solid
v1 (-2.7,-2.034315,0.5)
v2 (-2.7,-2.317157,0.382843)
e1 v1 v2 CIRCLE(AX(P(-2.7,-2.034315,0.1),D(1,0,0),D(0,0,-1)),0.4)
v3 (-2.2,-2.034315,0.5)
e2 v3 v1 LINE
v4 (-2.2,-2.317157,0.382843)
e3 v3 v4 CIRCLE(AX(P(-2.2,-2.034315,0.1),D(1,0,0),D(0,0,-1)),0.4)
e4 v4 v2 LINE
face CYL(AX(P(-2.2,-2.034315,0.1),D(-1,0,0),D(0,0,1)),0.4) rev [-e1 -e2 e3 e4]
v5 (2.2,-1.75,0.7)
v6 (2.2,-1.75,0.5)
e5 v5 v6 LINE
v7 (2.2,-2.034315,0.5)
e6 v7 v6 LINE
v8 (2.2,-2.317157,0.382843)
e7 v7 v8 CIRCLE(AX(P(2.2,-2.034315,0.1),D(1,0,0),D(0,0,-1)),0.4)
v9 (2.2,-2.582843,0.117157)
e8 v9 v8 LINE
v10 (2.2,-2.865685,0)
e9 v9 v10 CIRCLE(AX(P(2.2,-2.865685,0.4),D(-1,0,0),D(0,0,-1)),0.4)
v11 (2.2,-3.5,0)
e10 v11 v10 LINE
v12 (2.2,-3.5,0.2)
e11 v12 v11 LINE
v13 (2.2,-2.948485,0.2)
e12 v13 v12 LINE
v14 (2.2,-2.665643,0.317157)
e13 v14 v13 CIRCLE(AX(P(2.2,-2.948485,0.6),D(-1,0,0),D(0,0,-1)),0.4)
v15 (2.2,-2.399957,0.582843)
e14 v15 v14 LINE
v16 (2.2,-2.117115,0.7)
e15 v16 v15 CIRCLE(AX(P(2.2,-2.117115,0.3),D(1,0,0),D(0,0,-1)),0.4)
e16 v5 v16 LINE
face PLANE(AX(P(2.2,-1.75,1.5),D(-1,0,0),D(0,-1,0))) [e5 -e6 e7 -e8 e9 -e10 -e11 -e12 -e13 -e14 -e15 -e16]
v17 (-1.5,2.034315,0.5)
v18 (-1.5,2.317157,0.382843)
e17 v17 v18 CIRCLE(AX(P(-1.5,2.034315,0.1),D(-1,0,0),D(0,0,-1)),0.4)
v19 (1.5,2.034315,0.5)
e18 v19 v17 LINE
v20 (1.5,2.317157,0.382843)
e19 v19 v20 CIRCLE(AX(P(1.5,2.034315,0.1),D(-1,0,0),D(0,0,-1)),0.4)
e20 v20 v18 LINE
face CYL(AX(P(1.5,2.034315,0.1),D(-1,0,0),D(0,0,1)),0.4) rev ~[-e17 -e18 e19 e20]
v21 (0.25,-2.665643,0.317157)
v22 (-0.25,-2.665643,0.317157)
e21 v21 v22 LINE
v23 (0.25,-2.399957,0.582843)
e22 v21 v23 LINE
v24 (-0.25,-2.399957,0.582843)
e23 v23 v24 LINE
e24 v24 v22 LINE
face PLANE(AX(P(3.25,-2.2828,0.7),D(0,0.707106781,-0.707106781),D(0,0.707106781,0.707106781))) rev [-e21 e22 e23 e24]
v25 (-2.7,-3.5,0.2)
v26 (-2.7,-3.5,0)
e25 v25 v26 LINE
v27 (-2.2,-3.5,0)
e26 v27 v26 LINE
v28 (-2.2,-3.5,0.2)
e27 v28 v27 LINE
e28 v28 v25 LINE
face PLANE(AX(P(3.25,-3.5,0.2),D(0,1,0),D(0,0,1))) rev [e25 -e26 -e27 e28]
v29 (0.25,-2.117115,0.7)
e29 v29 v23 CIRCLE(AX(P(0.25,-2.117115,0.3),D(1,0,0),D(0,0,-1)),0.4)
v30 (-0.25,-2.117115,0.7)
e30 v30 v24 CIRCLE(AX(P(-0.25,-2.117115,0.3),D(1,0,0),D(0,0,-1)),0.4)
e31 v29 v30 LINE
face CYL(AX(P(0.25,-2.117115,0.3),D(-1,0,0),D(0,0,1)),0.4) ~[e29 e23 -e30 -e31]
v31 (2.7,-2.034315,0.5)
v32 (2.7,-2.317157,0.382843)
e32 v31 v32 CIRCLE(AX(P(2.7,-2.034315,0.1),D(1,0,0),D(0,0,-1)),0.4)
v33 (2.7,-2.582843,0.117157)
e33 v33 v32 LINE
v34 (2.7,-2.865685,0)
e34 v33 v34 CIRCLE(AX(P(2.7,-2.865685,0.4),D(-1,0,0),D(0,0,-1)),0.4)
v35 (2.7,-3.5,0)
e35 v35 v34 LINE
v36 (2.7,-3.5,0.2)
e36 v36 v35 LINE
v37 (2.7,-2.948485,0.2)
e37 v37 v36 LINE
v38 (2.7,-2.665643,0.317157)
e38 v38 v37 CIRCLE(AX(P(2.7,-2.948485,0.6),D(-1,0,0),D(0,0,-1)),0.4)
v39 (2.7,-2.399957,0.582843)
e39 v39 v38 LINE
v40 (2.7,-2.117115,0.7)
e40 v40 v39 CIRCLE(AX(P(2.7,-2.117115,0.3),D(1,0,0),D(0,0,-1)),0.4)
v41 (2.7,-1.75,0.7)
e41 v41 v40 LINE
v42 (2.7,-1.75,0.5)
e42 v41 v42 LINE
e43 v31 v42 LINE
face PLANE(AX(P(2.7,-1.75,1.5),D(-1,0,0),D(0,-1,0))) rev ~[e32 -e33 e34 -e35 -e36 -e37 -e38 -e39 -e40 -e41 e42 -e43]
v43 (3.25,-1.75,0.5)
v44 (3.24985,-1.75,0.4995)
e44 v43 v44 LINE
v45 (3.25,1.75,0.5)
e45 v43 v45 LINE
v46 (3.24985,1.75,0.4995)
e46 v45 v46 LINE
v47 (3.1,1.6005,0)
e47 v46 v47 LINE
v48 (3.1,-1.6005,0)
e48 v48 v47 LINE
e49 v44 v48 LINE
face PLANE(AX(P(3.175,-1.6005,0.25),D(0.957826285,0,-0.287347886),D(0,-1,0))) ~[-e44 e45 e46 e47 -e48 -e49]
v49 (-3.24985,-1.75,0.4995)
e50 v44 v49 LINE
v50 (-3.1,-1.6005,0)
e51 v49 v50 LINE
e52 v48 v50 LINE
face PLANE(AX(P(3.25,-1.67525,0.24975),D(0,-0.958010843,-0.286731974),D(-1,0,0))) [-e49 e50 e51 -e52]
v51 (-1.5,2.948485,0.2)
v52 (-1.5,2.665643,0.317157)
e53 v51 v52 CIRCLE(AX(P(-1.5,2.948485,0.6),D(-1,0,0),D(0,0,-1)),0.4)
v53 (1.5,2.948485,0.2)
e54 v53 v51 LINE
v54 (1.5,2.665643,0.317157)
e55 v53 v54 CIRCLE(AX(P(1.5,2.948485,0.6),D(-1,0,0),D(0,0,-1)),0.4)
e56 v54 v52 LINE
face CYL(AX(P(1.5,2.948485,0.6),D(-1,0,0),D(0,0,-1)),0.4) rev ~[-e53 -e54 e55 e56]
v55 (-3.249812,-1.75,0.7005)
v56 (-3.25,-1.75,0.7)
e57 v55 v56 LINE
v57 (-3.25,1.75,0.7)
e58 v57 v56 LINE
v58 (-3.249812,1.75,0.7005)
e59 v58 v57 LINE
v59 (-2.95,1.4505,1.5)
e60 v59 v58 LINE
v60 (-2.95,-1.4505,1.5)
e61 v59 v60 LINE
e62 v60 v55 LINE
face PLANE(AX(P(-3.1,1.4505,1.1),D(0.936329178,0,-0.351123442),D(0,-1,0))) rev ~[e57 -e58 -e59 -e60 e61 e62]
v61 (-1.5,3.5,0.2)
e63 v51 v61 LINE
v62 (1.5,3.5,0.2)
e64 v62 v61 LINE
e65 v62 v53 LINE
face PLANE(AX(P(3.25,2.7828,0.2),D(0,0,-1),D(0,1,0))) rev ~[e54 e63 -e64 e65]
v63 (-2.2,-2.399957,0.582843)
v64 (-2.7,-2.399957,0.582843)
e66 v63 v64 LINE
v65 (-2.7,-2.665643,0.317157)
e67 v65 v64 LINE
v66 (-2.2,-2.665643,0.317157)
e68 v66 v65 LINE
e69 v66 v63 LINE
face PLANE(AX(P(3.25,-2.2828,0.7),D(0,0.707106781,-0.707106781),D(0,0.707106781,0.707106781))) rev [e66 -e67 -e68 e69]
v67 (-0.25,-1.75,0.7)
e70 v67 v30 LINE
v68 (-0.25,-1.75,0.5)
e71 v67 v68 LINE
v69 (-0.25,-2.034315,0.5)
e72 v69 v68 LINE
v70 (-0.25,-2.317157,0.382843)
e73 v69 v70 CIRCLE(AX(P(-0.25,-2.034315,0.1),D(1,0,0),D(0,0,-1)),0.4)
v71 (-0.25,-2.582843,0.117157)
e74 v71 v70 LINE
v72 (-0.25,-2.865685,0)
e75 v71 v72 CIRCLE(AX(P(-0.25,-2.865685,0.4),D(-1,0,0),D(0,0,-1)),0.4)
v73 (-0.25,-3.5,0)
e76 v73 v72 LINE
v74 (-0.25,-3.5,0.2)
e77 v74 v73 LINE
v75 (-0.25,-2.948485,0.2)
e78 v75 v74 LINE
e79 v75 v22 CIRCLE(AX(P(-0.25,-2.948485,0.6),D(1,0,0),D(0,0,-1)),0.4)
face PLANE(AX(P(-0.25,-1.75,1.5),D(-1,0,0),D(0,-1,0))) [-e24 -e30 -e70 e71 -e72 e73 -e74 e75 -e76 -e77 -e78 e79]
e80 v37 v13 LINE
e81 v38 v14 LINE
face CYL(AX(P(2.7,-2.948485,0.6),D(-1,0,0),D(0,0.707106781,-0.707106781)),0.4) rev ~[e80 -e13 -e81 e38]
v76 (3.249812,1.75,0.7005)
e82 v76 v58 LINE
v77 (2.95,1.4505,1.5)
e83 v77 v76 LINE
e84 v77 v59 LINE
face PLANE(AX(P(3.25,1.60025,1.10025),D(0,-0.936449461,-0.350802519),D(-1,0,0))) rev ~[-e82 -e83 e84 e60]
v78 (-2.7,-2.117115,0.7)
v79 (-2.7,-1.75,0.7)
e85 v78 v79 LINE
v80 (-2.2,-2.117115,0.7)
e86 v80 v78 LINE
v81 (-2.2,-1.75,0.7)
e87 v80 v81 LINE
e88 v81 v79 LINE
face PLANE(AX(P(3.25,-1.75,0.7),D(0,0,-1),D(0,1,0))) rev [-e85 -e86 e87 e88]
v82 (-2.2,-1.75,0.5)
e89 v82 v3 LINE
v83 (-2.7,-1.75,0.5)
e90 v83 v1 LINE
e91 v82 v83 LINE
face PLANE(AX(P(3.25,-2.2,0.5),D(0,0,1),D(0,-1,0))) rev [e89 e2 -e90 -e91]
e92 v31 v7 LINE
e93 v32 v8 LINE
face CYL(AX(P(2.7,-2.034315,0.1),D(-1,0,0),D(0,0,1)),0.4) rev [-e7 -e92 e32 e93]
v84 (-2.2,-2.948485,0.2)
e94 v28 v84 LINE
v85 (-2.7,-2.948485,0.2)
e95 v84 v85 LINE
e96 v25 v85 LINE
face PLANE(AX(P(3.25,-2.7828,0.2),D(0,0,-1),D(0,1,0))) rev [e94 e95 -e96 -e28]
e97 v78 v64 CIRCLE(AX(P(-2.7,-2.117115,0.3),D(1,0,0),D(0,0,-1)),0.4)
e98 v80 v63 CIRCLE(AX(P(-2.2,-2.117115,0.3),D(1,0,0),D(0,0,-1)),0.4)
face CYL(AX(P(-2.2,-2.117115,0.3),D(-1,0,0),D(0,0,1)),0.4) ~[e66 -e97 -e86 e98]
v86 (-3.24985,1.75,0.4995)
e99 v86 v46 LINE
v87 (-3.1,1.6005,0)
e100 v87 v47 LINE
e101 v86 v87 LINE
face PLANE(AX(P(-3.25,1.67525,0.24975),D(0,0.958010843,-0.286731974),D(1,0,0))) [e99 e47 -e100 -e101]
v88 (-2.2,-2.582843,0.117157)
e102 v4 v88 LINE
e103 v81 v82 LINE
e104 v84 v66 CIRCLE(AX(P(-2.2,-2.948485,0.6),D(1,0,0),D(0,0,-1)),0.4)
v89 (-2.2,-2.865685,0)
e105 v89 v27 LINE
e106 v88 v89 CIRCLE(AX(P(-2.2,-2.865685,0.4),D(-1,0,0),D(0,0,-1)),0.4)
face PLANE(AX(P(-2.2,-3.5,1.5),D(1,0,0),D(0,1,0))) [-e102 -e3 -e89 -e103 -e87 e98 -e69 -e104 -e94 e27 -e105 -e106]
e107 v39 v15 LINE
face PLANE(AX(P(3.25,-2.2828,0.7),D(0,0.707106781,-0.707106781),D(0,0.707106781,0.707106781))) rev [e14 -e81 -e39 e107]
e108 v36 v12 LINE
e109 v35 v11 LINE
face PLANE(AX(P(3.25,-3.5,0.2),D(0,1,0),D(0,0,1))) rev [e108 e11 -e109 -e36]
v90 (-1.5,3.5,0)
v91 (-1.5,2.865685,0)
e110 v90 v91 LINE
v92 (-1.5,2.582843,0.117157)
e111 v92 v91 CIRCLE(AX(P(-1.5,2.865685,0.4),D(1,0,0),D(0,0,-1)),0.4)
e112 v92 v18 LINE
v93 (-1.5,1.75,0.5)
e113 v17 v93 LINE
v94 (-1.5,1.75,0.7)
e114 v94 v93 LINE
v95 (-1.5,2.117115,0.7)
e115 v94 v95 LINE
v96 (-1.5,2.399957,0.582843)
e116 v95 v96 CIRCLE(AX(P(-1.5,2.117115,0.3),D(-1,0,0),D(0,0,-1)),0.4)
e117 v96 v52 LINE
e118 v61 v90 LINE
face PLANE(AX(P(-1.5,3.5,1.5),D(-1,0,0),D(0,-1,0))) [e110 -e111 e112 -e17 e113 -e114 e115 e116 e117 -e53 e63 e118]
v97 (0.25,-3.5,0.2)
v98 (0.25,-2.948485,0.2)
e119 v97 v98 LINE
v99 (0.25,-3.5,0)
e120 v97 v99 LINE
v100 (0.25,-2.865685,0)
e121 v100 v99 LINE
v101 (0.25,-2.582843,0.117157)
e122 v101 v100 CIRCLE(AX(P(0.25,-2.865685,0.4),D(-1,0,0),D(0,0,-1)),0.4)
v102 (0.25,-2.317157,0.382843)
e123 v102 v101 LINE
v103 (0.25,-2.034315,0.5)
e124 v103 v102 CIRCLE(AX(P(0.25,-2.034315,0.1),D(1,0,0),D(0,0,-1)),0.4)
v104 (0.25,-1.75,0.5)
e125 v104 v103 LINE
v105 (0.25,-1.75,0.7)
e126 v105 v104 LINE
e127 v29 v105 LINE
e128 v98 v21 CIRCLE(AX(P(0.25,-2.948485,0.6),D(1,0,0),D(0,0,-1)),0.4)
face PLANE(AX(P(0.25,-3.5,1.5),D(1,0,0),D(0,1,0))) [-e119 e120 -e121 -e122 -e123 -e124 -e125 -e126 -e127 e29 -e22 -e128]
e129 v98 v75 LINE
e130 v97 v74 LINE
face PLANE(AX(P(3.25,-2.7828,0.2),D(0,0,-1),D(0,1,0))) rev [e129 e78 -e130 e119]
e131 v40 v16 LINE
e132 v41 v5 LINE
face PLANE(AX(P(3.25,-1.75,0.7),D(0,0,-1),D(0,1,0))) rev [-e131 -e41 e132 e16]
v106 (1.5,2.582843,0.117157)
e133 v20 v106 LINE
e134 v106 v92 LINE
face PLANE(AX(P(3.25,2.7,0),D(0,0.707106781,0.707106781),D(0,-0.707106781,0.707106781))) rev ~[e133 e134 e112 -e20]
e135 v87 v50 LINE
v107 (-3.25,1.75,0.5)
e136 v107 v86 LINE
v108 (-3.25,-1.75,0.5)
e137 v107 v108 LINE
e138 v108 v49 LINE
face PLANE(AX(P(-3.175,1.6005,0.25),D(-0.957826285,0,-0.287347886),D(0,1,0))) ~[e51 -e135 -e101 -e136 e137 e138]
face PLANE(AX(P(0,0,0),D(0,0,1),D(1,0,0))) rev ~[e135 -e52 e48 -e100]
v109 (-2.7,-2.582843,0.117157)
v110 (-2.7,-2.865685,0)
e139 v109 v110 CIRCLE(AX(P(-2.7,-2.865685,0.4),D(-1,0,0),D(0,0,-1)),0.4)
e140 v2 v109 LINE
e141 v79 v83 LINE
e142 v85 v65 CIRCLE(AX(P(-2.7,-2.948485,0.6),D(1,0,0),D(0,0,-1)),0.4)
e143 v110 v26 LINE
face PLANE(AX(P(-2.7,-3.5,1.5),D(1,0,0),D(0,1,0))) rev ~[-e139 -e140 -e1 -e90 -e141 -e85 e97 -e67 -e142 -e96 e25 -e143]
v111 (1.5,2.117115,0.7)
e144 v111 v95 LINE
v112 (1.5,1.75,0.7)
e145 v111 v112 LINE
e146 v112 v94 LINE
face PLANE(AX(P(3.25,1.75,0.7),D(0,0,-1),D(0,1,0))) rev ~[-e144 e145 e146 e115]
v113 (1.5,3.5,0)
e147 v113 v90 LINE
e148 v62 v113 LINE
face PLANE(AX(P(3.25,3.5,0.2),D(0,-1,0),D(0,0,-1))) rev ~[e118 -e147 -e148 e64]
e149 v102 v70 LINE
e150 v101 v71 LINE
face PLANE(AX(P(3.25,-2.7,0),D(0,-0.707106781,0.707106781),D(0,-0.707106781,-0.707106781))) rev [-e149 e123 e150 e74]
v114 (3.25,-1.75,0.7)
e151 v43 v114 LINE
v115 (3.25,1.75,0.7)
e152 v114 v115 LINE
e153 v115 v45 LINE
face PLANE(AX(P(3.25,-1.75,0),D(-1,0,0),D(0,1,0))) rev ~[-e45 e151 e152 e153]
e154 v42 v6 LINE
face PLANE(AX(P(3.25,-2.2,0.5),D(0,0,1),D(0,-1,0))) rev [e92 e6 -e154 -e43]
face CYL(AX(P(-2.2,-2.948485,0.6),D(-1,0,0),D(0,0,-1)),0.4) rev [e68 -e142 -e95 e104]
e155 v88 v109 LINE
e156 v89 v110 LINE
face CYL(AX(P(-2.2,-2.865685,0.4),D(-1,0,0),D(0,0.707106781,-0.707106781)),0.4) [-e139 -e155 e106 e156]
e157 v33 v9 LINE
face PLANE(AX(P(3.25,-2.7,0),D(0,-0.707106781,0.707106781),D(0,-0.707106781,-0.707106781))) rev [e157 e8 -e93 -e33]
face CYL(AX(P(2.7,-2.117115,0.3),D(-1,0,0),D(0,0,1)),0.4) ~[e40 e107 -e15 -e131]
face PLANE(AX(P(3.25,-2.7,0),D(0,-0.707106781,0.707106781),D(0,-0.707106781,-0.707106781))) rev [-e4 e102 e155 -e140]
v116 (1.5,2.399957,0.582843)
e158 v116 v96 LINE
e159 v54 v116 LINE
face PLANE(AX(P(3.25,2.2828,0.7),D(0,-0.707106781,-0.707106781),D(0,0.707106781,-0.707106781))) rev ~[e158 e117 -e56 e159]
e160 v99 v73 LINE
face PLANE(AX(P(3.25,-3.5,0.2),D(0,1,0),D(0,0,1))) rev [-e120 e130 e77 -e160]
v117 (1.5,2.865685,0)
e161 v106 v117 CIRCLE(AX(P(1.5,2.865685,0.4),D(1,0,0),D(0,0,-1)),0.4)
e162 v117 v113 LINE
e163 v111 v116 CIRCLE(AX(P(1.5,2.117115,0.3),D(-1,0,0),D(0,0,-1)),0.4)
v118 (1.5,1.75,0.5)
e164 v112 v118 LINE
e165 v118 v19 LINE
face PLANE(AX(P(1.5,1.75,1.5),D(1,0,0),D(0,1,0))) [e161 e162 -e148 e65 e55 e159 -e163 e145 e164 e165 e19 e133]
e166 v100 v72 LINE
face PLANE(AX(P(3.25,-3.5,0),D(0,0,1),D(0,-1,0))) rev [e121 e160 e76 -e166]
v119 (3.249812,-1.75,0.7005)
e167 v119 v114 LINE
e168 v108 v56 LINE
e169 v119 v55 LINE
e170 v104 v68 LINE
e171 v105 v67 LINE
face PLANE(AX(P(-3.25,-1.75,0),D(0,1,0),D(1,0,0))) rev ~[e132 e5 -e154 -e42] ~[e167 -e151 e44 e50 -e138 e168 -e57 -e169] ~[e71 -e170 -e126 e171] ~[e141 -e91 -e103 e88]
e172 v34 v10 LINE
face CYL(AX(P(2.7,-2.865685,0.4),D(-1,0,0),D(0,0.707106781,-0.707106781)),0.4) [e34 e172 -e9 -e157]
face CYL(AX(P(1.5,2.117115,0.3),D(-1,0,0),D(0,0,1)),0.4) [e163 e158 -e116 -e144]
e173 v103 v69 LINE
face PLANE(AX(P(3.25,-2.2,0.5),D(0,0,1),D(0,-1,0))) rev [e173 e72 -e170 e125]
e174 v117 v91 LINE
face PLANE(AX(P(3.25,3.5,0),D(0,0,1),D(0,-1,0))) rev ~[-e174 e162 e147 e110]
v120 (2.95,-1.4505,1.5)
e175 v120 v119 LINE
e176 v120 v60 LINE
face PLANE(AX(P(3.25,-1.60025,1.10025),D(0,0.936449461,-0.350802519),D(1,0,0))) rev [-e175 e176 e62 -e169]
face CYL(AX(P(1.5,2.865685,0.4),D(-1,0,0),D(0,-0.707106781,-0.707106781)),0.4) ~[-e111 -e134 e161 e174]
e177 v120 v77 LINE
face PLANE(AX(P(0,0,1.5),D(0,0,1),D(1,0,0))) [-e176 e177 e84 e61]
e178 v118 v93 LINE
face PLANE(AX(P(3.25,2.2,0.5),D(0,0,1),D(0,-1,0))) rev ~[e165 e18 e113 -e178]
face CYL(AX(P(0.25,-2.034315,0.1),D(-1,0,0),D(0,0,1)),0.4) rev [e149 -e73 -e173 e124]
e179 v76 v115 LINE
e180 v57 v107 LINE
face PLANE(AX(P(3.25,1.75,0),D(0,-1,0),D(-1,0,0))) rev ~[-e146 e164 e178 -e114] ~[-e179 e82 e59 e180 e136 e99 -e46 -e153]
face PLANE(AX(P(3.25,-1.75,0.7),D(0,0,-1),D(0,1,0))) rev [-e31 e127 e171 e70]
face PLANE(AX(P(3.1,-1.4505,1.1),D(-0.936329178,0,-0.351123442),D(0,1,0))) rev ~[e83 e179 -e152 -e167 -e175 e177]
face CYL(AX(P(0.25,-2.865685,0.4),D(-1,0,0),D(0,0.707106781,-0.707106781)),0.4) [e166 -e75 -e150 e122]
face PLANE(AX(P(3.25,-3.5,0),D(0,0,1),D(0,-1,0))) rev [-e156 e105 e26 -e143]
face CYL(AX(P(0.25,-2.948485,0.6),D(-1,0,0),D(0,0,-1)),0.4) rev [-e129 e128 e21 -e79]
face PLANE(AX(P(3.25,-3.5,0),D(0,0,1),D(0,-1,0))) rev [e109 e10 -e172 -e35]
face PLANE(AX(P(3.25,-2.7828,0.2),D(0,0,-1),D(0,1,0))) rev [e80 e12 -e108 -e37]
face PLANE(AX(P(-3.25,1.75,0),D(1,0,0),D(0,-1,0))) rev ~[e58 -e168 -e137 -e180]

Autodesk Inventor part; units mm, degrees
ref_plane "YZ Plane" through (0, 0, 0) normal (1, 0, 0) x (0, 1, 0)
ref_plane "XZ Plane" through (0, 0, 0) normal (0, 1, 0) x (-1, 0, 0)
ref_plane "XY Plane" through (0, 0, 0) normal (0, 0, 1) x (1, 0, 0)
sketch "Skizze1" plane through (0, 0, 0) normal (0, 0, 1) x (1, 0, 0)
  line L0 (-3.25, -1.75) -> (3.25, -1.75)
  line L1 (3.25, -1.75) -> (3.25, 1.75)
  line L2 (3.25, 1.75) -> (-3.25, 1.75)
  line L3 (-3.25, 1.75) -> (-3.25, -1.75)
  line L4 (-3.25, -1.75) -> (3.25, 1.75) construction
  line L5 (3.25, -1.75) -> (-3.25, 1.75) construction
  point P0 (0, 0)
  dimension "d0" = 6.5
  dimension "d1" = 3.5
extrude "Extrusion1" add sketch "Skizze1" along normal blind 1.5
sketch "Skizze2" plane through (3.25, -1.75, 0) normal (1, 0, 0) x (0, 0, -1)
  line L0 (0, 3.5) -> (-1.5, 3.5) projected
  line L1 (-0.7, 3.5) -> (-0.7, 4.0328)
  line L2 (-0.7, 4.0328) -> (-0.2, 4.5328)
  line L3 (-0.2, 4.5328) -> (-0.2, 5.25)
  line L4 (-0.2, 5.25) -> (0, 5.25)
  line L5 (0, 5.25) -> (0, 4.45)
  line L6 (0, 4.45) -> (-0.5, 3.95)
  line L7 (-0.5, 3.95) -> (-0.5, 3.5)
  line L8 (0, 0) -> (0, 3.5) projected
  point P0 (0, 1.75)
  dimension "d4" = 0.8
  dimension "d5" = 0.7
  dimension "d6" = 0.2
  dimension "d7" = 0.2
  dimension "d8" = 0.2
  dimension "d9" = 1.75
  dimension "d10" = 45
extrude "Extrusion2" add sketch "Skizze2" against normal blind 6.5
mirror "Spiegeln1" about plane through (0, 0, 0) normal (0, 1, 0) of "Extrusion2"
sketch "Skizze3" plane through (0, 0, 1.5) normal (0, 0, 1) x (1, 0, 0)
  line L0 (-3.25, 3.5) -> (-1.5, 3.5)
  line L1 (-1.5, 3.5) -> (-1.5, 1.75)
  line L2 (-1.5, 1.75) -> (-3.25, 1.75)
  line L3 (-3.25, 1.75) -> (-3.25, 3.5)
  line L4 (1.5, 3.5) -> (3.25, 3.5)
  line L5 (3.25, 3.5) -> (3.25, 1.75)
  line L6 (3.25, 1.75) -> (1.5, 1.75)
  line L7 (1.5, 1.75) -> (1.5, 3.5)
  line L8 (-3.25, -3.5) -> (-2.7, -3.5)
  line L9 (-2.7, -3.5) -> (-2.7, -1.75)
  line L10 (-2.7, -1.75) -> (-3.25, -1.75)
  line L11 (-3.25, -1.75) -> (-3.25, -3.5)
  line L12 (-0.25, -3.5) -> (-2.2, -3.5)
  line L13 (-2.2, -3.5) -> (-2.2, -1.75)
  line L14 (-2.2, -1.75) -> (-0.25, -1.75)
  line L15 (-0.25, -1.75) -> (-0.25, -3.5)
  line L16 (0.25, -1.75) -> (2.2, -1.75)
  line L17 (2.2, -1.75) -> (2.2, -3.5)
  line L18 (2.2, -3.5) -> (0.25, -3.5)
  line L19 (0.25, -3.5) -> (0.25, -1.75)
  line L20 (2.7, -3.5) -> (3.25, -3.5)
  line L21 (3.25, -3.5) -> (3.25, -1.75)
  line L22 (3.25, -1.75) -> (2.7, -1.75)
  line L23 (2.7, -1.75) -> (2.7, -3.5)
  line L24 (-3.25, -1.75) -> (3.25, -1.75) projected
  line L25 (3.25, 3.5) -> (-3.25, 3.5) projected
  line L26 (3.25, 1.75) -> (-3.25, 1.75) projected
  line L27 (3.25, 3.5) -> (3.25, 2.7828) projected
  line L28 (-3.25, 2.7828) -> (-3.25, 3.5) projected
  line L29 (0, 5.1518) -> (0, -6.0635) construction
  line L30 (3.25, -2.2828) -> (3.25, -1.75) construction
  line L31 (3.25, -3.5) -> (-3.25, -3.5) construction
  point P0 (0, 0)
  dimension "d13" = 3
  dimension "d14" = 0.5
  dimension "d15" = 5.4
  dimension "d16" = 0.5
extrude "Extrusion3" cut sketch "Skizze3" against normal blind 6.5 contours L0 L1 L2 L3 | L4 L5 L6 L7 | L11 L10 L9 L8 | L22 L21 L20 L23 | L16 L17 L18 L19 | L14 L15 L12 L13
chamfer "Fase1" distance 0.3 distance2 0.8 1 edges at (0, 1.75, 1.5) measured on face at (1.0833, -0.5833, 1.5)
chamfer "Fase2" distance 0.3 distance2 0.8 1 edges at (0, -1.75, 1.5) measured on face at (-1.0833, 0.3837, 1.5)
chamfer "Fase3" distance 0.5 distance2 0.15 1 edges at (0, 1.75, 0) measured on face at (0.5, 1.75, 0.1667)
chamfer "Fase4" distance 0.5 distance2 0.15 1 edges at (0, -1.75, 0) measured on face at (-0.0833, -1.75, 0.1667)
fillet "Rundung1" radius 0.4 16 edges at (2.45, -2.2828, 0.7) (2.45, -2.2, 0.5) (2.45, -2.7, 0) (2.45, -2.7828, 0.2) (0, -2.2, 0.5) (0, -2.7, 0) (0, -2.2828, 0.7) (0, -2.7828, 0.2) (-2.45, -2.2828, 0.7) (-2.45, -2.2, 0.5) (-2.45, -2.7, 0) (-2.45, -2.7828, 0.2) (0, 2.7, 0) (0, 2.7828, 0.2) (0, 2.2, 0.5) (0, 2.2828, 0.7)
chamfer "Fase5" distance 0.5 distance2 0.15 1 edges at (-3.25, 0, 0) measured on face at (-3.25, 0.4835, 0.5)
chamfer "Fase6" distance 0.5 distance2 0.15 1 edges at (3.25, 0, 0) measured on face at (3.25, -0.4835, 0.5)
chamfer "Fase7" distance 0.3 distance2 0.8 1 edges at (3.25, 0, 1.5) measured on face at (-1.0833, 0.4835, 1.5)
chamfer "Fase8" distance 0.3 distance2 0.8 1 edges at (-3.25, 0, 1.5) measured on face at (0.8833, -0.4835, 1.5)
equation "\"d8\" = d7"
properties part number "AMS1117"
